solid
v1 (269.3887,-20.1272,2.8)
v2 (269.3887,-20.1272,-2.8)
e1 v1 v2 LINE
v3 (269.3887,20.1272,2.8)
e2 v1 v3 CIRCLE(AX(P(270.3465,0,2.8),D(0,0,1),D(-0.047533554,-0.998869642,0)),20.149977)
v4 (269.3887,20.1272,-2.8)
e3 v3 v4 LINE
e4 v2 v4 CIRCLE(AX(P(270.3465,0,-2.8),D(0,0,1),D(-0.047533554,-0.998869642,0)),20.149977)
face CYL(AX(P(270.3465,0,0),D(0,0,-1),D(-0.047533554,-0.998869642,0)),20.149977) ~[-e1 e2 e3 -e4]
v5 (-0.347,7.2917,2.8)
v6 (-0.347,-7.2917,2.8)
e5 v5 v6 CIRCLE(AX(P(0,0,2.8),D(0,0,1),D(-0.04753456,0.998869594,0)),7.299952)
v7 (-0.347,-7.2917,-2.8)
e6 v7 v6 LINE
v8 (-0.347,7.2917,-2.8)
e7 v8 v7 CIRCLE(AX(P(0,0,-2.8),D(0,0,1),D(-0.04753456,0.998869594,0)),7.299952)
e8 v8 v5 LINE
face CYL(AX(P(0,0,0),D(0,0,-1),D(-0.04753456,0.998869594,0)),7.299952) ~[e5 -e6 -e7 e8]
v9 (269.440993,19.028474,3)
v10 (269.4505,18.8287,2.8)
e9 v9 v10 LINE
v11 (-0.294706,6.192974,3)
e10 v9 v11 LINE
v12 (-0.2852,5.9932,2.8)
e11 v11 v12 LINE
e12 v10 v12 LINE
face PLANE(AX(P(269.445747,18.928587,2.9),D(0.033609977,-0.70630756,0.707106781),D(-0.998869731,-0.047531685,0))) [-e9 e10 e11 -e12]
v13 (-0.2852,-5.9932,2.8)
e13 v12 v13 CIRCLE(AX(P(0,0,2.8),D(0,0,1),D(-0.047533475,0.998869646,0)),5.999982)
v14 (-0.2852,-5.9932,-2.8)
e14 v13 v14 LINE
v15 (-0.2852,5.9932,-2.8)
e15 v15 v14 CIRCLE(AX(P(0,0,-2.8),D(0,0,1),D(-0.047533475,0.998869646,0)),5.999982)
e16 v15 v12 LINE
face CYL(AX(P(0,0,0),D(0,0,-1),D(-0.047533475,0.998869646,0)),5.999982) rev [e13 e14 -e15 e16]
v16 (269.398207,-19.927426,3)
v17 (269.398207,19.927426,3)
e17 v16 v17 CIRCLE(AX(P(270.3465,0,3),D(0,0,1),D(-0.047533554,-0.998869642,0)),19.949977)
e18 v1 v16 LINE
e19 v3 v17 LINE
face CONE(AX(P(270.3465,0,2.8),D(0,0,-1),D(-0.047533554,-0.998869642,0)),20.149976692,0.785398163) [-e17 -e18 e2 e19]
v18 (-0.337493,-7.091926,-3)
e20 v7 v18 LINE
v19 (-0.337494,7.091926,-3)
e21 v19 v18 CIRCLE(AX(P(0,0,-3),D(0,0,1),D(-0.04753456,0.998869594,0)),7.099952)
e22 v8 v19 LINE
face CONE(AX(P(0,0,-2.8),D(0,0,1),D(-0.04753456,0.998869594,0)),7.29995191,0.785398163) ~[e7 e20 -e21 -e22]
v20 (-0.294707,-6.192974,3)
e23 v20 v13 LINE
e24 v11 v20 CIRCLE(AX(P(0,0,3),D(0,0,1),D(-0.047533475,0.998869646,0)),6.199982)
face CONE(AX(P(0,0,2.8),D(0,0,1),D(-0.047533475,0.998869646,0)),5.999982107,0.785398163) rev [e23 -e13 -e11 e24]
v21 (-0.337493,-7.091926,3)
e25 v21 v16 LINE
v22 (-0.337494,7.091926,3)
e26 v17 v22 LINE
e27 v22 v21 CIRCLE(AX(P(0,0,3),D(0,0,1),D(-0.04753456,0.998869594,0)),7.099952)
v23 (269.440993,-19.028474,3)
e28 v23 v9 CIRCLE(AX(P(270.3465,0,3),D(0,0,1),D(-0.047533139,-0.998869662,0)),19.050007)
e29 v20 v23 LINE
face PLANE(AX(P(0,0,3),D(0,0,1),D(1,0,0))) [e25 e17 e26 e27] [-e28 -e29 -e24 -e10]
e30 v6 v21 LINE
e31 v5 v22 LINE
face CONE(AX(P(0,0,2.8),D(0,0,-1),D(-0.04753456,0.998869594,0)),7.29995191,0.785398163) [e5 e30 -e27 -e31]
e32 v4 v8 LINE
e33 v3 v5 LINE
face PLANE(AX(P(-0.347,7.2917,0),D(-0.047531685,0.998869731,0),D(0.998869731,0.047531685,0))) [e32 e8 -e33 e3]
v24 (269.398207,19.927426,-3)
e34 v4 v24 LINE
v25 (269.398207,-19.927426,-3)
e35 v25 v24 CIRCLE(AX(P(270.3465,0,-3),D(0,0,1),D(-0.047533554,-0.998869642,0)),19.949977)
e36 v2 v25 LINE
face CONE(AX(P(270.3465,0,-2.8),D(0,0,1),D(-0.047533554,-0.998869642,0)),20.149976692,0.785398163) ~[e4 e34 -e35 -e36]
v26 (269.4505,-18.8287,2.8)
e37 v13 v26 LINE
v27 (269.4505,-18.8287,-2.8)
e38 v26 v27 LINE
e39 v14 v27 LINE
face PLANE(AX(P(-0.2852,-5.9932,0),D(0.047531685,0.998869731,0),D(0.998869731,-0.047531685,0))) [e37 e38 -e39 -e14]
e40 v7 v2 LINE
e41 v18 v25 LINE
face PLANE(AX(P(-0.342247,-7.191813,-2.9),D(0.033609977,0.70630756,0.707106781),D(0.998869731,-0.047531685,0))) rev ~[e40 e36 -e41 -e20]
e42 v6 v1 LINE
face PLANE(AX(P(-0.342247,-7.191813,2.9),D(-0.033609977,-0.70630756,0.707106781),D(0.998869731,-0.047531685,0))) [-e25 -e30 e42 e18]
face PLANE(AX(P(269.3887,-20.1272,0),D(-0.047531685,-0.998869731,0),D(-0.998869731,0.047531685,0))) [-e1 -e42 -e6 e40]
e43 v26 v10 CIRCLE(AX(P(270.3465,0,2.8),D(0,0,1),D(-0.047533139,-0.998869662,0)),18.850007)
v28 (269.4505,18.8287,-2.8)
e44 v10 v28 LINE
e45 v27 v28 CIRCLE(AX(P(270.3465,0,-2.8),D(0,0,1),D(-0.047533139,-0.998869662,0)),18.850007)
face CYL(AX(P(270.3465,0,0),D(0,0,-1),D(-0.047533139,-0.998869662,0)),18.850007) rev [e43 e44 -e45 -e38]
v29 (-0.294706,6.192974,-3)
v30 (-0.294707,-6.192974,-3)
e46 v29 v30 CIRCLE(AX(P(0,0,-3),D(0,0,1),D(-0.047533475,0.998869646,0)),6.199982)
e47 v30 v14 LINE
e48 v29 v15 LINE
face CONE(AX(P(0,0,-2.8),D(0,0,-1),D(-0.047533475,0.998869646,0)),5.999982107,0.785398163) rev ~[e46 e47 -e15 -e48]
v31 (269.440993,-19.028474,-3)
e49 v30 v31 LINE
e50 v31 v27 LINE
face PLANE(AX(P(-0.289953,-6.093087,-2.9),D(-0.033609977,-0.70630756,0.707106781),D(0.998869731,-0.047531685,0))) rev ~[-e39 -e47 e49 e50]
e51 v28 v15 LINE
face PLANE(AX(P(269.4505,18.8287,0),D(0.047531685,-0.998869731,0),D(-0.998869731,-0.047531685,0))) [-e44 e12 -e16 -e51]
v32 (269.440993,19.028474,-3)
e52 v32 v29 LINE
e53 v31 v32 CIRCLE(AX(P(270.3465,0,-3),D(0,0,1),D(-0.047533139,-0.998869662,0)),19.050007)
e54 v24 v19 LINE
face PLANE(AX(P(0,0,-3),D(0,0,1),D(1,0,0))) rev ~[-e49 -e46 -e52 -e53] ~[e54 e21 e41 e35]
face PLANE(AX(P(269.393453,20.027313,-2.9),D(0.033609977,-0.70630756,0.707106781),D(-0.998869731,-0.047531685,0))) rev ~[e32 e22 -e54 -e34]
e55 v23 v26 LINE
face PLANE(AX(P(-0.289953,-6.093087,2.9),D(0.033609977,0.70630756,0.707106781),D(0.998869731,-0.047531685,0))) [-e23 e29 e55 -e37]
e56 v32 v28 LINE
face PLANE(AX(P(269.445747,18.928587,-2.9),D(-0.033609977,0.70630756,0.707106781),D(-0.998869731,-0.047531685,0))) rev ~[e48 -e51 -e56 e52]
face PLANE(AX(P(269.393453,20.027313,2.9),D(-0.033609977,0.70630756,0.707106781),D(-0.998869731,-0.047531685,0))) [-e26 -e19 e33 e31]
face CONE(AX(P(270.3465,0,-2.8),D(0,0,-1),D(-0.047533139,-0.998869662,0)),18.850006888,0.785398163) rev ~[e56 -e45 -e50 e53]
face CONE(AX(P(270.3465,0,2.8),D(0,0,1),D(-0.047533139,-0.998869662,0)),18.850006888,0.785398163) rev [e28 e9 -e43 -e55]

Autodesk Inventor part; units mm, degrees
ref_plane "YZ Plane" through (0, 0, 0) normal (1, 0, 0) x (0, 1, 0)
ref_plane "XZ Plane" through (0, 0, 0) normal (0, 1, 0) x (-1, 0, 0)
ref_plane "XY Plane" through (0, 0, 0) normal (0, 0, 1) x (1, 0, 0)
sketch "Sketch1" plane through (0, 0, 0) normal (0, 0, 1) x (1, 0, 0)
  arc A0 (-0.2852, 5.9932) -> (-0.2852, -5.9932) centre (0, 0) ccw
  arc A1 (269.4505, -18.8287) -> (269.4505, 18.8287) centre (270.3465, 0) ccw
  line L0 (269.4505, 18.8287) -> (-0.2852, 5.9932)
  line L1 (-0.2852, -5.9932) -> (269.4505, -18.8287)
  line L2 (-0.347, 7.2917) -> (269.3887, 20.1272)
  arc A2 (269.3887, -20.1272) -> (269.3887, 20.1272) centre (270.3465, 0) ccw
  line L3 (269.3887, -20.1272) -> (-0.347, -7.2917)
  arc A3 (-0.347, 7.2917) -> (-0.347, -7.2917) centre (0, 0) ccw
  dimension "d0" = 12
  dimension "d1" = 37.7
  dimension "d3" = 1.3
  dimension "d9" = 270.3465
extrude "Extrusion1" add sketch "Sketch1" along normal mid plane 6
chamfer "Chamfer1" distance 0.2 angle 45 16 edges at (289.1965, 0, 3) (134.5826, -12.411, 3) (-6, 0, 3) (134.5826, 12.411, 3) (289.1965, 0, -3) (134.5826, 12.411, -3) (-6, 0, -3) (134.5826, -12.411, -3) (290.4965, 0, 3) (134.5209, 13.7095, 3) (-7.3, 0, 3) (134.5209, -13.7095, 3) (290.4965, 0, -3) (134.5209, -13.7095, -3) (-7.3, 0, -3) (134.5209, 13.7095, -3)
properties part number "Tandriem20naar60T-696mm" material "Rubber"
